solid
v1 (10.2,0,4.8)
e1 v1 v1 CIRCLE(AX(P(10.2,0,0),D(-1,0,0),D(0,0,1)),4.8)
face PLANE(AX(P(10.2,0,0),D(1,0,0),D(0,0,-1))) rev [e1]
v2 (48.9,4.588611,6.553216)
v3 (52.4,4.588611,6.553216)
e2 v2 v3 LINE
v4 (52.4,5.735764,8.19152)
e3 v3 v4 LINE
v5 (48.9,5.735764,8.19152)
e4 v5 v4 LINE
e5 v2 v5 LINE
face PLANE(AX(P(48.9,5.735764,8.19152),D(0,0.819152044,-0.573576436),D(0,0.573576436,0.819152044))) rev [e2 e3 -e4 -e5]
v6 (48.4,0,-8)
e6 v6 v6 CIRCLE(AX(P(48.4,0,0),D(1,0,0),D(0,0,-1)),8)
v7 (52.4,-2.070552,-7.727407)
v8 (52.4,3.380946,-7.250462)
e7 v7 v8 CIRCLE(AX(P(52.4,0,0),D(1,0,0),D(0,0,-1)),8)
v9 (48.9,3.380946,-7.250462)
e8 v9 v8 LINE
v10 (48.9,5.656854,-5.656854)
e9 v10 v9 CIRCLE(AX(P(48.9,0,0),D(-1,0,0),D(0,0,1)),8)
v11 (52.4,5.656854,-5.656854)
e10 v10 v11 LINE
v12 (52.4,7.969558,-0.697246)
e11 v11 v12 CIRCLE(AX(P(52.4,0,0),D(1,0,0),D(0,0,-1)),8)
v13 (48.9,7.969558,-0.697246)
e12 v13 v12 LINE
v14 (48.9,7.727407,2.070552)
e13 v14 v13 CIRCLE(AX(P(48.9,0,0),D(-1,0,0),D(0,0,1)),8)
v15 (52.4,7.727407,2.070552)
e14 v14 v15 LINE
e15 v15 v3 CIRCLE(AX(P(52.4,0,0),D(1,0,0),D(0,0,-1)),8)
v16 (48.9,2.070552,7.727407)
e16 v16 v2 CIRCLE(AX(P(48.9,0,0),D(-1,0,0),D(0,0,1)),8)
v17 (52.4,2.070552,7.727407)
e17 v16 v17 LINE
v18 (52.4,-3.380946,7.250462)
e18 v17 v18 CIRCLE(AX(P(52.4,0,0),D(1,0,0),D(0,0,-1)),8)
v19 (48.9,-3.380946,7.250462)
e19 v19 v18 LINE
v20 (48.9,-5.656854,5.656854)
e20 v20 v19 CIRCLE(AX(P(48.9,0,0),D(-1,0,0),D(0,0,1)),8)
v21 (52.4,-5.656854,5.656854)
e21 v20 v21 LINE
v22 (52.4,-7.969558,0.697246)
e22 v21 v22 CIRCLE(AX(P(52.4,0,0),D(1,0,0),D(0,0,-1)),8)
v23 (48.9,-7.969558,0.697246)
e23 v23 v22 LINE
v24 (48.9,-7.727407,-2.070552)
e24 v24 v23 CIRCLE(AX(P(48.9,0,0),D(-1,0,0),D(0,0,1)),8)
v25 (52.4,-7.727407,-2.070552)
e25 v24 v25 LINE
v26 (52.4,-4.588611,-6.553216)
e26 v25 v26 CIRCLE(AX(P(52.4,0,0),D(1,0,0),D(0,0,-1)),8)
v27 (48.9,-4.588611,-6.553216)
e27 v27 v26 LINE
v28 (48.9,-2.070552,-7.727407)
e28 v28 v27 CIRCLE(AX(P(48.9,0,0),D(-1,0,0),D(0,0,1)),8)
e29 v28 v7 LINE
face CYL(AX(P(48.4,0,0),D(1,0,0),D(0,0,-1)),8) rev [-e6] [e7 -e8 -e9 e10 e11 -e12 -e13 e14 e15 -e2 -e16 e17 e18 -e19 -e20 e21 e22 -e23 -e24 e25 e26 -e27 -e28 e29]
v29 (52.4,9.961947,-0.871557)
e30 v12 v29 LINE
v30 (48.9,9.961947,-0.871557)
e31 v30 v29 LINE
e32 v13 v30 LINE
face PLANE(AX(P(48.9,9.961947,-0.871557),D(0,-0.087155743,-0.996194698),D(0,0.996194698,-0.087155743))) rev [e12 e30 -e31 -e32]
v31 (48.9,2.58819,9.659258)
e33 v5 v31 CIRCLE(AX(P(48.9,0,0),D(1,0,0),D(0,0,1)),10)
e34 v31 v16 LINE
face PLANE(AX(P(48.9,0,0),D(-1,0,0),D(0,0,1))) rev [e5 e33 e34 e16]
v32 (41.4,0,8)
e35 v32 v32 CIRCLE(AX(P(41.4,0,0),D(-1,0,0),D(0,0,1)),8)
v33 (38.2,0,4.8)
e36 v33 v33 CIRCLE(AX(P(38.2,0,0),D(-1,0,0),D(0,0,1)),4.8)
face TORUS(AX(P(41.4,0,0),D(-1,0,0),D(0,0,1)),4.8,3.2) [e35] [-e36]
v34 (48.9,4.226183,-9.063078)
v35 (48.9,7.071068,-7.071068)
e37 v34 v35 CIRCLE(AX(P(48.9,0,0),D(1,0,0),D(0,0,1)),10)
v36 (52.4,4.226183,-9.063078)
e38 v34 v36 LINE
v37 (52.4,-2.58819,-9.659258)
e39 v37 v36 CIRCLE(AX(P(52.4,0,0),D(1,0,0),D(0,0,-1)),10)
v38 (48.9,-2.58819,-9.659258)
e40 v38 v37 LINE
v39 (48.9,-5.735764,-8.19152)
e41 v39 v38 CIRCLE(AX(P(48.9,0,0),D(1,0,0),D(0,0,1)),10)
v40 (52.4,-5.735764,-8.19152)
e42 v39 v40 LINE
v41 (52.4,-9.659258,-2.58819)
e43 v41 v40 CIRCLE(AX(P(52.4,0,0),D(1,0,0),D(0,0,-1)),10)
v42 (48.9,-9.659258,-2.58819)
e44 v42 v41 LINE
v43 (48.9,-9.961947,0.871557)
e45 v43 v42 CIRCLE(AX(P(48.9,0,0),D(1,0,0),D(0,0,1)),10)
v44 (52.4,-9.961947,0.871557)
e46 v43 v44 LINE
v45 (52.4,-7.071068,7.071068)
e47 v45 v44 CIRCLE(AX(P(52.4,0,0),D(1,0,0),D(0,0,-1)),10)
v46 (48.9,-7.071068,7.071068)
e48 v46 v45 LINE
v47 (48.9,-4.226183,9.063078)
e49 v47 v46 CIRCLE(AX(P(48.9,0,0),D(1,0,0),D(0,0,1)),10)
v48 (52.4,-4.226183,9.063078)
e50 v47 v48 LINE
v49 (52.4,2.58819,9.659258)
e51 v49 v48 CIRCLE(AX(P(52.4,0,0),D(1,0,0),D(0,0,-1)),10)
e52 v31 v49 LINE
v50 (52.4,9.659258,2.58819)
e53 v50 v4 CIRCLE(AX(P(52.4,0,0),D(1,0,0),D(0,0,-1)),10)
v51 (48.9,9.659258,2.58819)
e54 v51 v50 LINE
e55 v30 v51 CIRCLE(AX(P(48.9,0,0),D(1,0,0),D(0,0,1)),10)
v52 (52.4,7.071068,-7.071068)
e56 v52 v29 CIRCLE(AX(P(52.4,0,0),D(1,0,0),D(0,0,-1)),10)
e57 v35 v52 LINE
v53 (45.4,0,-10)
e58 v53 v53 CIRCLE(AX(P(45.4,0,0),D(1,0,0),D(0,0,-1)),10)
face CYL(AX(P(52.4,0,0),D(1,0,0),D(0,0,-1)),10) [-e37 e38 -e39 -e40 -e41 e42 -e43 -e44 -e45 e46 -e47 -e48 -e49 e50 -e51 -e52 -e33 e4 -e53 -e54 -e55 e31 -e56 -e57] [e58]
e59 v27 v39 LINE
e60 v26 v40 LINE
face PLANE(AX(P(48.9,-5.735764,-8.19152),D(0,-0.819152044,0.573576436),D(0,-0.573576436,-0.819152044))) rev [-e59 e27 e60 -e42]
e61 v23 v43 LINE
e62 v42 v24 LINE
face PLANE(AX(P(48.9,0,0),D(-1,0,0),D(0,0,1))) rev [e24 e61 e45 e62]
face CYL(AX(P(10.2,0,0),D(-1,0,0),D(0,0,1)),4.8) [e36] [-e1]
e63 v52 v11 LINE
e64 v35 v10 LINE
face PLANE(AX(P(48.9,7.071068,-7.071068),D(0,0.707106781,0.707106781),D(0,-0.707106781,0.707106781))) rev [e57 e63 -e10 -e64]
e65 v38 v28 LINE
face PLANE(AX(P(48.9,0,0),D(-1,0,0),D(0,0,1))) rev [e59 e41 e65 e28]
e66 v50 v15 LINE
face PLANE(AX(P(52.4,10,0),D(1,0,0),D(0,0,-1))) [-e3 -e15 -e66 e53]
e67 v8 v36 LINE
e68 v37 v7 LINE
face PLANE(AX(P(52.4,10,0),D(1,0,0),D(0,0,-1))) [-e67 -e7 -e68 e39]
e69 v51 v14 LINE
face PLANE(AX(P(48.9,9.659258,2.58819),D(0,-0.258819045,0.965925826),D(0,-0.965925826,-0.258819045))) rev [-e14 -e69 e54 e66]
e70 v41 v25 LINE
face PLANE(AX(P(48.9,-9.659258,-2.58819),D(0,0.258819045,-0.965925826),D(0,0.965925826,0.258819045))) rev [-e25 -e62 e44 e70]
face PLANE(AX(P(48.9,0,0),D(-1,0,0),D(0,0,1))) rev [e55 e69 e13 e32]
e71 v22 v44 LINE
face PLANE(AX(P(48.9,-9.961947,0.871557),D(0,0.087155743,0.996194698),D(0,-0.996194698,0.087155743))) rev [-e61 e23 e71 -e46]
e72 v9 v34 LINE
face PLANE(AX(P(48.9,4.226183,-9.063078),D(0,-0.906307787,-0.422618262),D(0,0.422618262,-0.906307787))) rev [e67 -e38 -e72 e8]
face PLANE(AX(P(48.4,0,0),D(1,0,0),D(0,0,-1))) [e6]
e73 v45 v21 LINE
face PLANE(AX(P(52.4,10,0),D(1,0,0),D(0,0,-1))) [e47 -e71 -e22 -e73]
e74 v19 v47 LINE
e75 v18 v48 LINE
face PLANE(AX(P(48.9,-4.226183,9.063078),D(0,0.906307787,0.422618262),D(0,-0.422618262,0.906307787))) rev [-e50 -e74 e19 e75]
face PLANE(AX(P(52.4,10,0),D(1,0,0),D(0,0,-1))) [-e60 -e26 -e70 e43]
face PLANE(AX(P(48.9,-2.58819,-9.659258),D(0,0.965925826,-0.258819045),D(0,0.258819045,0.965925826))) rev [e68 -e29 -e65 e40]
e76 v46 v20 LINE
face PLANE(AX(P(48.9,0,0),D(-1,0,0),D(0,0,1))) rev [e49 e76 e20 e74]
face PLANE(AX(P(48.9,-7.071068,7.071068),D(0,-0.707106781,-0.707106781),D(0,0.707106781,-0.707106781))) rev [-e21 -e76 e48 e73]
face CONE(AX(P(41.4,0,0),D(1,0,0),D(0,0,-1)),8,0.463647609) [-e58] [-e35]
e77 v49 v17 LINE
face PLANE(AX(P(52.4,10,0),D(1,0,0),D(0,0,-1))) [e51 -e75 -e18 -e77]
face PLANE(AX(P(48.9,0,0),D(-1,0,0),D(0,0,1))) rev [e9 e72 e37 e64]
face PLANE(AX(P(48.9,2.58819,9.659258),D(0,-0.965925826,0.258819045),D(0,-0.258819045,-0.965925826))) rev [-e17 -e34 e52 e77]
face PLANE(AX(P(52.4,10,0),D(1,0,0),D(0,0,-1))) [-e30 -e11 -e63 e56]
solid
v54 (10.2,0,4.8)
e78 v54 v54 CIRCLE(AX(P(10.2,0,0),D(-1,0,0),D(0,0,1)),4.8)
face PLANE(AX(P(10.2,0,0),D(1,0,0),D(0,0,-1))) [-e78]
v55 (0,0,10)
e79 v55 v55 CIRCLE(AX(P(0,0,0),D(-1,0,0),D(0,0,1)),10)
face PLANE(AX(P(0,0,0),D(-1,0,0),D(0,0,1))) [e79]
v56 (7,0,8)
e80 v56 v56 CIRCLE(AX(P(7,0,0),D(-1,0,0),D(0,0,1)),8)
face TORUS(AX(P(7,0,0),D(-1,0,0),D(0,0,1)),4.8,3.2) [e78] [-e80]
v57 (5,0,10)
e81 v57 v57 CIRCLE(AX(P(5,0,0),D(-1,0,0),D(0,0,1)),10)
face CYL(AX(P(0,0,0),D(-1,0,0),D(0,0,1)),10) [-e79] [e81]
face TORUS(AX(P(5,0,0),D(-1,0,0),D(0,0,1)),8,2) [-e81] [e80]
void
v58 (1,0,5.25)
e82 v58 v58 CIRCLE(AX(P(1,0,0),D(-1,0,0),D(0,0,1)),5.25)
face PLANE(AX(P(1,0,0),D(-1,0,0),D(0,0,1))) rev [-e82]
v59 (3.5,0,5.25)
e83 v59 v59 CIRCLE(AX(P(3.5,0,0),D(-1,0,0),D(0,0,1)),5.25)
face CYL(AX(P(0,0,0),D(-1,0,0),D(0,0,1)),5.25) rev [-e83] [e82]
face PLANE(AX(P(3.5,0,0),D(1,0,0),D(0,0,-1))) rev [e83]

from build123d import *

# Parameters (mm, degrees)
SKETCH_1708_W       = 7
SKETCH_1708_H       = 10
SKETCH_18_R         = 8
CUT_EXTRUDE_4_DEPTH = 4
CUT_EXTRUDE_5_DEPTH = 3.5


with BuildPart() as part:
    # Sketch 917 → Повернуть4 (revolve)
    with BuildSketch(Plane.XY, mode=Mode.PRIVATE) as revolve_4_sk:
        with BuildLine():
            Line((10.2, 4.8), (38.2, 4.8))
            ThreePointArc((38.2, 4.8), (39.1372583, 7.0627417), (41.4, 8))
            Line((41.4, 8), (45.4, 10))
            Line((45.4, 10), (45.4, 0))
            Line((45.4, 0), (10.2, 0))
            Line((10.2, 0), (10.2, 4.8))
        make_face()
    revolve(revolve_4_sk.sketch.rotate(Axis((10.2, 0, 0), (1, 0, 0)), 90), axis=Axis((10.2, 0, 0), (1, 0, 0)))

    # Sketch 1708 → Повернуть7 (revolve)
    with BuildSketch(Plane.XY, mode=Mode.PRIVATE) as revolve_7_sk:
        with Locations((48.9, 5)):
            Rectangle(SKETCH_1708_W, SKETCH_1708_H)
    revolve(revolve_7_sk.sketch.rotate(Axis((52.4, 0, 0), (-1, 0, 0)), 90), axis=Axis((52.4, 0, 0), (-1, 0, 0)))

    # Эскиз18 → Вырез-Вытянуть4 (cut)
    with BuildSketch(Plane(origin=(52.4, 0, 0), x_dir=(0, 0, -1), z_dir=(1, 0, 0))):
        Circle(SKETCH_18_R)
    extrude(amount=-CUT_EXTRUDE_4_DEPTH, mode=Mode.SUBTRACT)

    # Эскиз19 → Вырез-Вытянуть5 (cut)
    with BuildSketch(Plane(origin=(52.4, 0, 0), x_dir=(0, 0, -1), z_dir=(1, 0, 0))):
        with BuildLine():
            Line((-8.191520443, 5.735764364), (-6.553216354, 4.588611491))
            ThreePointArc((-6.553216354, 4.588611491), (-7.250462296, 3.380946094), (-7.72740661, 2.070552361))
            Line((-7.72740661, 2.070552361), (-9.659258263, 2.588190451))
            ThreePointArc((-9.659258263, 2.588190451), (-9.06307787, 4.226182617), (-8.191520443, 5.735764364))
        make_face()
        with BuildLine():
            Line((-2.588190451, 9.659258263), (-2.070552361, 7.72740661))
            ThreePointArc((-2.070552361, 7.72740661), (-0.697245942, 7.969557585), (0.697245942, 7.969557585))
            Line((0.697245942, 7.969557585), (0.871557427, 9.961946981))
            ThreePointArc((0.871557427, 9.961946981), (-0.871557427, 9.961946981), (-2.588190451, 9.659258263))
        make_face()
        with BuildLine():
            Line((7.071067812, 7.071067812), (5.656854249, 5.656854249))
            ThreePointArc((5.656854249, 5.656854249), (6.553216354, 4.588611491), (7.250462296, 3.380946094))
            Line((7.250462296, 3.380946094), (9.06307787, 4.226182617))
            ThreePointArc((9.06307787, 4.226182617), (8.191520443, 5.735764364), (7.071067812, 7.071067812))
        make_face()
        with BuildLine():
            Line((9.659258263, -2.588190451), (7.72740661, -2.070552361))
            ThreePointArc((7.72740661, -2.070552361), (7.250462296, -3.380946094), (6.553216354, -4.588611491))
            Line((6.553216354, -4.588611491), (8.191520443, -5.735764364))
            ThreePointArc((8.191520443, -5.735764364), (9.06307787, -4.226182617), (9.659258263, -2.588190451))
        make_face()
        with BuildLine():
            Line((2.588190451, -9.659258263), (2.070552361, -7.72740661))
            ThreePointArc((2.070552361, -7.72740661), (0.697245942, -7.969557585), (-0.697245942, -7.969557585))
            Line((-0.697245942, -7.969557585), (-0.871557427, -9.961946981))
            ThreePointArc((-0.871557427, -9.961946981), (0.871557427, -9.961946981), (2.588190451, -9.659258263))
        make_face()
        with BuildLine():
            Line((-7.071067812, -7.071067812), (-5.656854249, -5.656854249))
            ThreePointArc((-5.656854249, -5.656854249), (-6.553216354, -4.588611491), (-7.250462296, -3.380946094))
            Line((-7.250462296, -3.380946094), (-9.06307787, -4.226182617))
            ThreePointArc((-9.06307787, -4.226182617), (-8.191520443, -5.735764364), (-7.071067812, -7.071067812))
        make_face()
    extrude(amount=-CUT_EXTRUDE_5_DEPTH, mode=Mode.SUBTRACT)


with BuildPart() as body_2:
    # Sketch 177 → Повернуть6 (revolve)
    with BuildSketch(Plane.XY, mode=Mode.PRIVATE) as revolve_6_sk:
        Polygon((0, 10), (0, 0), (1, 0), (1, 5.25), (3.5, 5.25), (3.5, 0), (5, 0), (5, 10), align=None)
        with BuildLine():
            ThreePointArc((7, 8), (6.414213562, 9.414213562), (5, 10))
            Line((5, 10), (5, 0))
            Line((5, 0), (7, 0))
            Line((7, 0), (7, 8))
        make_face()
        with BuildLine():
            ThreePointArc((10.2, 4.8), (9.2627417, 7.0627417), (7, 8))
            Line((7, 8), (7, 0))
            Line((7, 0), (10.2, 0))
            Line((10.2, 0), (10.2, 4.8))
        make_face()
    revolve(revolve_6_sk.sketch.rotate(Axis((0, 0, 0), (1, 0, 0)), 90), axis=Axis((0, 0, 0), (1, 0, 0)))


solid = Compound([part.part, body_2.part])
